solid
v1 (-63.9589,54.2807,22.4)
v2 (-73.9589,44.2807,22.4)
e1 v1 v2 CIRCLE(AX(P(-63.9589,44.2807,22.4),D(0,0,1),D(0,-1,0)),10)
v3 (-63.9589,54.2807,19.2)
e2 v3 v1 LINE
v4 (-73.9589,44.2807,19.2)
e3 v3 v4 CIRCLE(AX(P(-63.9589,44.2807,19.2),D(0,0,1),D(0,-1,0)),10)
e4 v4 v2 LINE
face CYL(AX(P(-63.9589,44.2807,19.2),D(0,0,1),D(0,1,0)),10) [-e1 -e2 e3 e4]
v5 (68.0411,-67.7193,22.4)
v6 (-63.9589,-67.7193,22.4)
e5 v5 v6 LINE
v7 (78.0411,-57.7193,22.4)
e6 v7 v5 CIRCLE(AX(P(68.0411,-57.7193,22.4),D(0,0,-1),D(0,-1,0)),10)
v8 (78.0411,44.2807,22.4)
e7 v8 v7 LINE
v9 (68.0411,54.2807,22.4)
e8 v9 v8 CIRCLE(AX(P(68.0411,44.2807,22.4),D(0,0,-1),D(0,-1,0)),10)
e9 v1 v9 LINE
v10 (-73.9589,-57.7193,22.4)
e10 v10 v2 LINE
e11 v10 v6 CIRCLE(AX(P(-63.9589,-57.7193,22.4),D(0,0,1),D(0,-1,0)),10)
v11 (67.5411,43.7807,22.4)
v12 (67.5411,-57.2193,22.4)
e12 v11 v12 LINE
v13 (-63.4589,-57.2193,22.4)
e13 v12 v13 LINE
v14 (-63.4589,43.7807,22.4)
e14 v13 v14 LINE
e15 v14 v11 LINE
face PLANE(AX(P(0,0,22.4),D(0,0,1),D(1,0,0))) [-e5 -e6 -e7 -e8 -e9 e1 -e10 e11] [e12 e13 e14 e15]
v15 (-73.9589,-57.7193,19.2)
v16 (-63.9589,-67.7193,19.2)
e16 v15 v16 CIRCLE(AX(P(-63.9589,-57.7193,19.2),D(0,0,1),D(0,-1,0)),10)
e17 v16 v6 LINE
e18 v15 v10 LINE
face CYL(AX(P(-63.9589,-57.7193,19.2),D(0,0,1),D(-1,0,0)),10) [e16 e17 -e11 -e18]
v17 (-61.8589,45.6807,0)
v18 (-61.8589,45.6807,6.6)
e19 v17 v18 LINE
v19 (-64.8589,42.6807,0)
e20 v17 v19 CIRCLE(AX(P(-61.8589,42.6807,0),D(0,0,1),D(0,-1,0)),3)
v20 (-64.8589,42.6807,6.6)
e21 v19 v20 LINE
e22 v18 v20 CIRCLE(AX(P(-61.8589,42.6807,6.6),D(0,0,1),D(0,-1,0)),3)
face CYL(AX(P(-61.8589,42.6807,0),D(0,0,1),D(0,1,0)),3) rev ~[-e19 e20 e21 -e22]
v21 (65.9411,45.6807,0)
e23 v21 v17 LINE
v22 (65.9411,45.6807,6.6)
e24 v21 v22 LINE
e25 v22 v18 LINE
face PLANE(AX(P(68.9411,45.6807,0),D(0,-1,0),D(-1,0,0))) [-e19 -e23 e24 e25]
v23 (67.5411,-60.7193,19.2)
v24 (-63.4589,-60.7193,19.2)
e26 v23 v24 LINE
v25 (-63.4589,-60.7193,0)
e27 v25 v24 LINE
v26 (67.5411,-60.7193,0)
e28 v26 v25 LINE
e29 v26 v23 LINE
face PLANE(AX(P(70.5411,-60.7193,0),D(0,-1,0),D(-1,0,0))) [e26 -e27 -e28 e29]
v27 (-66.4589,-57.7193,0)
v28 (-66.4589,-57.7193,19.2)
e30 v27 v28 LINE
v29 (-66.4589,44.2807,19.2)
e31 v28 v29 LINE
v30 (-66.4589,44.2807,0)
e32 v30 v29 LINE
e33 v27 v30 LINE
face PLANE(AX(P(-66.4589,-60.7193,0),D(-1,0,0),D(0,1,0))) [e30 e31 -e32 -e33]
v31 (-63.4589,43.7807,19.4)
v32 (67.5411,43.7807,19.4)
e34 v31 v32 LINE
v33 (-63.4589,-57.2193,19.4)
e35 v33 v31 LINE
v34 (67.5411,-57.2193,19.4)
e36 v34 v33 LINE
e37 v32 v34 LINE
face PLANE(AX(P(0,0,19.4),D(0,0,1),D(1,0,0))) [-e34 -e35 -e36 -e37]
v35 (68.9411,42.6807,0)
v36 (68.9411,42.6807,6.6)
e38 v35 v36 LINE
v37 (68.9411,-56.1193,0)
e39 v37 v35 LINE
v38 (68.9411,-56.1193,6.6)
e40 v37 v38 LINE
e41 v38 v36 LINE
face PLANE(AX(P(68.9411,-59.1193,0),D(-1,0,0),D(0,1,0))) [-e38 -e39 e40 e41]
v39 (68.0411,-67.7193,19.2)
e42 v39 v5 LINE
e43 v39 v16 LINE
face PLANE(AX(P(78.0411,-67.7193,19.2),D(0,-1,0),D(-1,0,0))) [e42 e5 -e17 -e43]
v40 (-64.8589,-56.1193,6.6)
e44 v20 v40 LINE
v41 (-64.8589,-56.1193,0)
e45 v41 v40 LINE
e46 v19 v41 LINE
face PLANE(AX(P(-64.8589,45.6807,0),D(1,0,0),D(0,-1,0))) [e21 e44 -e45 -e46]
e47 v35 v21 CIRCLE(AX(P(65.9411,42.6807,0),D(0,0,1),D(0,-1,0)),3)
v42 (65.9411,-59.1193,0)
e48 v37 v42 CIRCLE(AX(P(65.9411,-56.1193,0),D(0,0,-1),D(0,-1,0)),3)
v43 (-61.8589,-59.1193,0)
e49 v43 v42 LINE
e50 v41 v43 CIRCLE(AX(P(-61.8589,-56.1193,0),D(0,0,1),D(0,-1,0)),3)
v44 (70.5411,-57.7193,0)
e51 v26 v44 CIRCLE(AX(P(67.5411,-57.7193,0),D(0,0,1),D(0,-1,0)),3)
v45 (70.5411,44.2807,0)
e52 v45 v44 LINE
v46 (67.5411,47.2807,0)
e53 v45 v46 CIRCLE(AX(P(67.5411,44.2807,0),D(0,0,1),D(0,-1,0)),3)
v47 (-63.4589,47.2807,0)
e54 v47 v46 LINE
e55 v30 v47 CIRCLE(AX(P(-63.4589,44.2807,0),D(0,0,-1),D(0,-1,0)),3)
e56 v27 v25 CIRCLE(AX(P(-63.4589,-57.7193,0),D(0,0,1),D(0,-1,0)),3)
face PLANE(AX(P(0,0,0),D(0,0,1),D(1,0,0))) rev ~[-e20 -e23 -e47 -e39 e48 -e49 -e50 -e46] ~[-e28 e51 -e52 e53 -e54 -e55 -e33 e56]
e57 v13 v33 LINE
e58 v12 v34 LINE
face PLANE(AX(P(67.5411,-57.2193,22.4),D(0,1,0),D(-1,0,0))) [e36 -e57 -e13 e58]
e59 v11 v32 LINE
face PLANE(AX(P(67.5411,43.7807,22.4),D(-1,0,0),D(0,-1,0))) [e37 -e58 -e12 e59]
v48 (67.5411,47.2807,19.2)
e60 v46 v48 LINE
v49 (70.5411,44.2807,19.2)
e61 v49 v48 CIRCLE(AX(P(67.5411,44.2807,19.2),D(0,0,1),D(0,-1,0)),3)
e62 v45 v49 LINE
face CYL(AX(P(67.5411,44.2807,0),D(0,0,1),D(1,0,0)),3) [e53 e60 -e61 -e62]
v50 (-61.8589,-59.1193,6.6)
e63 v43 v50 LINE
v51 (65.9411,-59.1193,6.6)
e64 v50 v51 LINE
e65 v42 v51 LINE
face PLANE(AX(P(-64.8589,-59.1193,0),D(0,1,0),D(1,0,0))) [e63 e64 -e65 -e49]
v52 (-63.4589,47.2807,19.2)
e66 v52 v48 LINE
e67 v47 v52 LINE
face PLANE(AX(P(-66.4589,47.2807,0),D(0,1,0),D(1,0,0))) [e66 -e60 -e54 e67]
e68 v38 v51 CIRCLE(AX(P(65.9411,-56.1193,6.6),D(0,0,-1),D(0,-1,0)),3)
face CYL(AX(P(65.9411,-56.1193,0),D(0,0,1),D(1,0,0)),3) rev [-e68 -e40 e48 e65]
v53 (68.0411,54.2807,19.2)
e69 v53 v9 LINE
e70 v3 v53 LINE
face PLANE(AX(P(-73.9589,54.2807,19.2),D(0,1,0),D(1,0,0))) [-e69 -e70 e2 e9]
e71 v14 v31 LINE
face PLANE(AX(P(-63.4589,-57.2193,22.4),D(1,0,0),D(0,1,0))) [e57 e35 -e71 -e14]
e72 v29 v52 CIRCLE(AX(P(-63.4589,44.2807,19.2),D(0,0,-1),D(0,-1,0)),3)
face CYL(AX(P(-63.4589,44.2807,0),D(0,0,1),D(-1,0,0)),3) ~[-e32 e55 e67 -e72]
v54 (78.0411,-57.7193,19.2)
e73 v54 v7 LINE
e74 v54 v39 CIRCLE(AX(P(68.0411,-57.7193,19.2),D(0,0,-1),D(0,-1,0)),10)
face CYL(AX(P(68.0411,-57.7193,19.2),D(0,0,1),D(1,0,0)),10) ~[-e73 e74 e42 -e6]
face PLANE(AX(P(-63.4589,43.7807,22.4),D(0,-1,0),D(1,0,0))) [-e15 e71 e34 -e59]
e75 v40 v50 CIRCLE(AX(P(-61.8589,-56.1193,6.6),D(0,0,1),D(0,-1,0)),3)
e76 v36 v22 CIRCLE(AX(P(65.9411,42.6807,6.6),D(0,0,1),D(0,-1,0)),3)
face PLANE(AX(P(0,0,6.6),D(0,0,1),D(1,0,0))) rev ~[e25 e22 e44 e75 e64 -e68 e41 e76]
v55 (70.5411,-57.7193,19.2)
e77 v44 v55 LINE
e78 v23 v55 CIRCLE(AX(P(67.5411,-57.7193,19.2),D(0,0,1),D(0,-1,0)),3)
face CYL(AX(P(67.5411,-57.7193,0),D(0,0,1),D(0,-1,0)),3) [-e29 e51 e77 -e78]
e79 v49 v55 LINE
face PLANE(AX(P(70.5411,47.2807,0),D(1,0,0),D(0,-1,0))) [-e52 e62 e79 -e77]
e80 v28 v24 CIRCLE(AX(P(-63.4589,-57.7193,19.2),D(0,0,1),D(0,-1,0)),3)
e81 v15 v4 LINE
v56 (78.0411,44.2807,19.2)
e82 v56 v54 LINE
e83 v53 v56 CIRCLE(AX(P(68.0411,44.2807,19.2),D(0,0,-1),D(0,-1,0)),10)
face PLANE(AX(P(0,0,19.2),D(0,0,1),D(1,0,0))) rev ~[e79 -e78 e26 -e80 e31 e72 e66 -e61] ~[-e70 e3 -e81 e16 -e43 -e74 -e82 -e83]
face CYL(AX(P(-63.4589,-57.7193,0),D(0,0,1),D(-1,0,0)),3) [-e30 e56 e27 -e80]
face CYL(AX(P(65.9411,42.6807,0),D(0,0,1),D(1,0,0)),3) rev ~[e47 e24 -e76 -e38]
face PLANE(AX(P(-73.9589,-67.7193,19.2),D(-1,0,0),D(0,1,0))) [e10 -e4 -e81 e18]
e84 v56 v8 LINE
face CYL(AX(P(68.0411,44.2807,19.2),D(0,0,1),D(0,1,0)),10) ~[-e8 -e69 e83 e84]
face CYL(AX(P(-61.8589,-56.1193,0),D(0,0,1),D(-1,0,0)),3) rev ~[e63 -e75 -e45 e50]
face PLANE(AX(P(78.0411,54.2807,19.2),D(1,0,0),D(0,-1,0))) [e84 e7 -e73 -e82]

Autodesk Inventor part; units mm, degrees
ref_plane "YZ Plane" through (0, 0, 0) normal (1, 0, 0) x (0, 1, 0)
ref_plane "XZ Plane" through (0, 0, 0) normal (0, 1, 0) x (-1, 0, 0)
ref_plane "XY Plane" through (0, 0, 0) normal (0, 0, 1) x (1, 0, 0)
sketch "Sketch1" plane through (0, 0, 0) normal (0, 0, 1) x (1, 0, 0)
  line L0 (-66.4589, 47.2807) -> (70.5411, 47.2807)
  line L1 (70.5411, 47.2807) -> (70.5411, -60.7193)
  line L2 (70.5411, -60.7193) -> (-66.4589, -60.7193)
  line L3 (-66.4589, -60.7193) -> (-66.4589, 47.2807)
  line L4 (68.9411, 45.6807) -> (-64.8589, 45.6807)
  line L5 (-64.8589, 45.6807) -> (-64.8589, -59.1193)
  line L6 (-64.8589, -59.1193) -> (68.9411, -59.1193)
  line L7 (68.9411, -59.1193) -> (68.9411, 45.6807)
  point P0 (0, 0)
  dimension "d0" = 137
  dimension "d1" = 108
  dimension "d2" = 1.6
extrude "Extrusion1" add sketch "Sketch1" along normal blind 19.2 contours L0 L1 L2 L3 | L7 L6 L5 L4
extrude "Extrusion2" cut sketch "Sketch1" along normal blind 6.6 contours L7 L6 L5 L4
sketch "Sketch2" plane through (0, 0, 19.2) normal (0, 0, 1) x (1, 0, 0)
  line L0 (-73.9589, 54.2807) -> (78.0411, 54.2807)
  line L1 (78.0411, 54.2807) -> (78.0411, -67.7193)
  line L2 (78.0411, -67.7193) -> (-73.9589, -67.7193)
  line L3 (-73.9589, -67.7193) -> (-73.9589, 54.2807)
  line L4 (70.5411, 47.2807) -> (-66.4589, 47.2807) projected
  line L5 (70.5411, -60.7193) -> (70.5411, 47.2807) projected
  point P0 (0, 0)
  dimension "d7" = 152
  dimension "d8" = 122
  dimension "d9" = 7
  dimension "d10" = 7.5
extrude "Extrusion3" add sketch "Sketch2" along normal blind 3.2
fillet "Fillet1" radius 3 8 edges at (70.5411, 47.2807, 9.6) (-66.4589, 47.2807, 9.6) (70.5411, -60.7193, 9.6) (-66.4589, -60.7193, 9.6) (68.9411, 45.6807, 3.3) (-64.8589, 45.6807, 3.3) (68.9411, -59.1193, 3.3) (-64.8589, -59.1193, 3.3)
fillet "Fillet2" radius 10 4 edges at (-73.9589, 54.2807, 20.8) (-73.9589, -67.7193, 20.8) (78.0411, -67.7193, 20.8) (78.0411, 54.2807, 20.8)
sketch "Sketch3" plane through (0, 0, 22.4) normal (0, 0, 1) x (1, 0, 0)
  arc A0 (78.0411, 44.2807) -> (68.0411, 54.2807) centre (68.0411, 44.2807) ccw projected
  line L0 (68.0411, 54.2807) -> (-63.9589, 54.2807) projected
  arc A1 (-63.9589, 54.2807) -> (-73.9589, 44.2807) centre (-63.9589, 44.2807) ccw projected
  line L1 (-73.9589, 44.2807) -> (-73.9589, -57.7193) projected
  arc A2 (-73.9589, -57.7193) -> (-63.9589, -67.7193) centre (-63.9589, -57.7193) ccw projected
  line L2 (-63.9589, -67.7193) -> (68.0411, -67.7193) projected
  arc A3 (68.0411, -67.7193) -> (78.0411, -57.7193) centre (68.0411, -57.7193) ccw projected
  line L3 (78.0411, -57.7193) -> (78.0411, 44.2807) projected
  line L4 (-63.4589, 43.7807) -> (67.5411, 43.7807)
  line L5 (67.5411, 43.7807) -> (67.5411, -57.2193)
  line L6 (67.5411, -57.2193) -> (-63.4589, -57.2193)
  line L7 (-63.4589, -57.2193) -> (-63.4589, 43.7807)
  point P0 (0, 0)
  dimension "d15" = 10.5
extrude "Extrusion4" cut sketch "Sketch3" against normal blind 3 contours L4 L5 L6 L7
equation "\"d9\" = -0.5 * d1 + 0.5 * d8"
equation "\"d10\" = -0.5 * d0 + 0.5 * d7"
properties part number "COTS_Zelmer_108x137mm_HEPA_filter"
